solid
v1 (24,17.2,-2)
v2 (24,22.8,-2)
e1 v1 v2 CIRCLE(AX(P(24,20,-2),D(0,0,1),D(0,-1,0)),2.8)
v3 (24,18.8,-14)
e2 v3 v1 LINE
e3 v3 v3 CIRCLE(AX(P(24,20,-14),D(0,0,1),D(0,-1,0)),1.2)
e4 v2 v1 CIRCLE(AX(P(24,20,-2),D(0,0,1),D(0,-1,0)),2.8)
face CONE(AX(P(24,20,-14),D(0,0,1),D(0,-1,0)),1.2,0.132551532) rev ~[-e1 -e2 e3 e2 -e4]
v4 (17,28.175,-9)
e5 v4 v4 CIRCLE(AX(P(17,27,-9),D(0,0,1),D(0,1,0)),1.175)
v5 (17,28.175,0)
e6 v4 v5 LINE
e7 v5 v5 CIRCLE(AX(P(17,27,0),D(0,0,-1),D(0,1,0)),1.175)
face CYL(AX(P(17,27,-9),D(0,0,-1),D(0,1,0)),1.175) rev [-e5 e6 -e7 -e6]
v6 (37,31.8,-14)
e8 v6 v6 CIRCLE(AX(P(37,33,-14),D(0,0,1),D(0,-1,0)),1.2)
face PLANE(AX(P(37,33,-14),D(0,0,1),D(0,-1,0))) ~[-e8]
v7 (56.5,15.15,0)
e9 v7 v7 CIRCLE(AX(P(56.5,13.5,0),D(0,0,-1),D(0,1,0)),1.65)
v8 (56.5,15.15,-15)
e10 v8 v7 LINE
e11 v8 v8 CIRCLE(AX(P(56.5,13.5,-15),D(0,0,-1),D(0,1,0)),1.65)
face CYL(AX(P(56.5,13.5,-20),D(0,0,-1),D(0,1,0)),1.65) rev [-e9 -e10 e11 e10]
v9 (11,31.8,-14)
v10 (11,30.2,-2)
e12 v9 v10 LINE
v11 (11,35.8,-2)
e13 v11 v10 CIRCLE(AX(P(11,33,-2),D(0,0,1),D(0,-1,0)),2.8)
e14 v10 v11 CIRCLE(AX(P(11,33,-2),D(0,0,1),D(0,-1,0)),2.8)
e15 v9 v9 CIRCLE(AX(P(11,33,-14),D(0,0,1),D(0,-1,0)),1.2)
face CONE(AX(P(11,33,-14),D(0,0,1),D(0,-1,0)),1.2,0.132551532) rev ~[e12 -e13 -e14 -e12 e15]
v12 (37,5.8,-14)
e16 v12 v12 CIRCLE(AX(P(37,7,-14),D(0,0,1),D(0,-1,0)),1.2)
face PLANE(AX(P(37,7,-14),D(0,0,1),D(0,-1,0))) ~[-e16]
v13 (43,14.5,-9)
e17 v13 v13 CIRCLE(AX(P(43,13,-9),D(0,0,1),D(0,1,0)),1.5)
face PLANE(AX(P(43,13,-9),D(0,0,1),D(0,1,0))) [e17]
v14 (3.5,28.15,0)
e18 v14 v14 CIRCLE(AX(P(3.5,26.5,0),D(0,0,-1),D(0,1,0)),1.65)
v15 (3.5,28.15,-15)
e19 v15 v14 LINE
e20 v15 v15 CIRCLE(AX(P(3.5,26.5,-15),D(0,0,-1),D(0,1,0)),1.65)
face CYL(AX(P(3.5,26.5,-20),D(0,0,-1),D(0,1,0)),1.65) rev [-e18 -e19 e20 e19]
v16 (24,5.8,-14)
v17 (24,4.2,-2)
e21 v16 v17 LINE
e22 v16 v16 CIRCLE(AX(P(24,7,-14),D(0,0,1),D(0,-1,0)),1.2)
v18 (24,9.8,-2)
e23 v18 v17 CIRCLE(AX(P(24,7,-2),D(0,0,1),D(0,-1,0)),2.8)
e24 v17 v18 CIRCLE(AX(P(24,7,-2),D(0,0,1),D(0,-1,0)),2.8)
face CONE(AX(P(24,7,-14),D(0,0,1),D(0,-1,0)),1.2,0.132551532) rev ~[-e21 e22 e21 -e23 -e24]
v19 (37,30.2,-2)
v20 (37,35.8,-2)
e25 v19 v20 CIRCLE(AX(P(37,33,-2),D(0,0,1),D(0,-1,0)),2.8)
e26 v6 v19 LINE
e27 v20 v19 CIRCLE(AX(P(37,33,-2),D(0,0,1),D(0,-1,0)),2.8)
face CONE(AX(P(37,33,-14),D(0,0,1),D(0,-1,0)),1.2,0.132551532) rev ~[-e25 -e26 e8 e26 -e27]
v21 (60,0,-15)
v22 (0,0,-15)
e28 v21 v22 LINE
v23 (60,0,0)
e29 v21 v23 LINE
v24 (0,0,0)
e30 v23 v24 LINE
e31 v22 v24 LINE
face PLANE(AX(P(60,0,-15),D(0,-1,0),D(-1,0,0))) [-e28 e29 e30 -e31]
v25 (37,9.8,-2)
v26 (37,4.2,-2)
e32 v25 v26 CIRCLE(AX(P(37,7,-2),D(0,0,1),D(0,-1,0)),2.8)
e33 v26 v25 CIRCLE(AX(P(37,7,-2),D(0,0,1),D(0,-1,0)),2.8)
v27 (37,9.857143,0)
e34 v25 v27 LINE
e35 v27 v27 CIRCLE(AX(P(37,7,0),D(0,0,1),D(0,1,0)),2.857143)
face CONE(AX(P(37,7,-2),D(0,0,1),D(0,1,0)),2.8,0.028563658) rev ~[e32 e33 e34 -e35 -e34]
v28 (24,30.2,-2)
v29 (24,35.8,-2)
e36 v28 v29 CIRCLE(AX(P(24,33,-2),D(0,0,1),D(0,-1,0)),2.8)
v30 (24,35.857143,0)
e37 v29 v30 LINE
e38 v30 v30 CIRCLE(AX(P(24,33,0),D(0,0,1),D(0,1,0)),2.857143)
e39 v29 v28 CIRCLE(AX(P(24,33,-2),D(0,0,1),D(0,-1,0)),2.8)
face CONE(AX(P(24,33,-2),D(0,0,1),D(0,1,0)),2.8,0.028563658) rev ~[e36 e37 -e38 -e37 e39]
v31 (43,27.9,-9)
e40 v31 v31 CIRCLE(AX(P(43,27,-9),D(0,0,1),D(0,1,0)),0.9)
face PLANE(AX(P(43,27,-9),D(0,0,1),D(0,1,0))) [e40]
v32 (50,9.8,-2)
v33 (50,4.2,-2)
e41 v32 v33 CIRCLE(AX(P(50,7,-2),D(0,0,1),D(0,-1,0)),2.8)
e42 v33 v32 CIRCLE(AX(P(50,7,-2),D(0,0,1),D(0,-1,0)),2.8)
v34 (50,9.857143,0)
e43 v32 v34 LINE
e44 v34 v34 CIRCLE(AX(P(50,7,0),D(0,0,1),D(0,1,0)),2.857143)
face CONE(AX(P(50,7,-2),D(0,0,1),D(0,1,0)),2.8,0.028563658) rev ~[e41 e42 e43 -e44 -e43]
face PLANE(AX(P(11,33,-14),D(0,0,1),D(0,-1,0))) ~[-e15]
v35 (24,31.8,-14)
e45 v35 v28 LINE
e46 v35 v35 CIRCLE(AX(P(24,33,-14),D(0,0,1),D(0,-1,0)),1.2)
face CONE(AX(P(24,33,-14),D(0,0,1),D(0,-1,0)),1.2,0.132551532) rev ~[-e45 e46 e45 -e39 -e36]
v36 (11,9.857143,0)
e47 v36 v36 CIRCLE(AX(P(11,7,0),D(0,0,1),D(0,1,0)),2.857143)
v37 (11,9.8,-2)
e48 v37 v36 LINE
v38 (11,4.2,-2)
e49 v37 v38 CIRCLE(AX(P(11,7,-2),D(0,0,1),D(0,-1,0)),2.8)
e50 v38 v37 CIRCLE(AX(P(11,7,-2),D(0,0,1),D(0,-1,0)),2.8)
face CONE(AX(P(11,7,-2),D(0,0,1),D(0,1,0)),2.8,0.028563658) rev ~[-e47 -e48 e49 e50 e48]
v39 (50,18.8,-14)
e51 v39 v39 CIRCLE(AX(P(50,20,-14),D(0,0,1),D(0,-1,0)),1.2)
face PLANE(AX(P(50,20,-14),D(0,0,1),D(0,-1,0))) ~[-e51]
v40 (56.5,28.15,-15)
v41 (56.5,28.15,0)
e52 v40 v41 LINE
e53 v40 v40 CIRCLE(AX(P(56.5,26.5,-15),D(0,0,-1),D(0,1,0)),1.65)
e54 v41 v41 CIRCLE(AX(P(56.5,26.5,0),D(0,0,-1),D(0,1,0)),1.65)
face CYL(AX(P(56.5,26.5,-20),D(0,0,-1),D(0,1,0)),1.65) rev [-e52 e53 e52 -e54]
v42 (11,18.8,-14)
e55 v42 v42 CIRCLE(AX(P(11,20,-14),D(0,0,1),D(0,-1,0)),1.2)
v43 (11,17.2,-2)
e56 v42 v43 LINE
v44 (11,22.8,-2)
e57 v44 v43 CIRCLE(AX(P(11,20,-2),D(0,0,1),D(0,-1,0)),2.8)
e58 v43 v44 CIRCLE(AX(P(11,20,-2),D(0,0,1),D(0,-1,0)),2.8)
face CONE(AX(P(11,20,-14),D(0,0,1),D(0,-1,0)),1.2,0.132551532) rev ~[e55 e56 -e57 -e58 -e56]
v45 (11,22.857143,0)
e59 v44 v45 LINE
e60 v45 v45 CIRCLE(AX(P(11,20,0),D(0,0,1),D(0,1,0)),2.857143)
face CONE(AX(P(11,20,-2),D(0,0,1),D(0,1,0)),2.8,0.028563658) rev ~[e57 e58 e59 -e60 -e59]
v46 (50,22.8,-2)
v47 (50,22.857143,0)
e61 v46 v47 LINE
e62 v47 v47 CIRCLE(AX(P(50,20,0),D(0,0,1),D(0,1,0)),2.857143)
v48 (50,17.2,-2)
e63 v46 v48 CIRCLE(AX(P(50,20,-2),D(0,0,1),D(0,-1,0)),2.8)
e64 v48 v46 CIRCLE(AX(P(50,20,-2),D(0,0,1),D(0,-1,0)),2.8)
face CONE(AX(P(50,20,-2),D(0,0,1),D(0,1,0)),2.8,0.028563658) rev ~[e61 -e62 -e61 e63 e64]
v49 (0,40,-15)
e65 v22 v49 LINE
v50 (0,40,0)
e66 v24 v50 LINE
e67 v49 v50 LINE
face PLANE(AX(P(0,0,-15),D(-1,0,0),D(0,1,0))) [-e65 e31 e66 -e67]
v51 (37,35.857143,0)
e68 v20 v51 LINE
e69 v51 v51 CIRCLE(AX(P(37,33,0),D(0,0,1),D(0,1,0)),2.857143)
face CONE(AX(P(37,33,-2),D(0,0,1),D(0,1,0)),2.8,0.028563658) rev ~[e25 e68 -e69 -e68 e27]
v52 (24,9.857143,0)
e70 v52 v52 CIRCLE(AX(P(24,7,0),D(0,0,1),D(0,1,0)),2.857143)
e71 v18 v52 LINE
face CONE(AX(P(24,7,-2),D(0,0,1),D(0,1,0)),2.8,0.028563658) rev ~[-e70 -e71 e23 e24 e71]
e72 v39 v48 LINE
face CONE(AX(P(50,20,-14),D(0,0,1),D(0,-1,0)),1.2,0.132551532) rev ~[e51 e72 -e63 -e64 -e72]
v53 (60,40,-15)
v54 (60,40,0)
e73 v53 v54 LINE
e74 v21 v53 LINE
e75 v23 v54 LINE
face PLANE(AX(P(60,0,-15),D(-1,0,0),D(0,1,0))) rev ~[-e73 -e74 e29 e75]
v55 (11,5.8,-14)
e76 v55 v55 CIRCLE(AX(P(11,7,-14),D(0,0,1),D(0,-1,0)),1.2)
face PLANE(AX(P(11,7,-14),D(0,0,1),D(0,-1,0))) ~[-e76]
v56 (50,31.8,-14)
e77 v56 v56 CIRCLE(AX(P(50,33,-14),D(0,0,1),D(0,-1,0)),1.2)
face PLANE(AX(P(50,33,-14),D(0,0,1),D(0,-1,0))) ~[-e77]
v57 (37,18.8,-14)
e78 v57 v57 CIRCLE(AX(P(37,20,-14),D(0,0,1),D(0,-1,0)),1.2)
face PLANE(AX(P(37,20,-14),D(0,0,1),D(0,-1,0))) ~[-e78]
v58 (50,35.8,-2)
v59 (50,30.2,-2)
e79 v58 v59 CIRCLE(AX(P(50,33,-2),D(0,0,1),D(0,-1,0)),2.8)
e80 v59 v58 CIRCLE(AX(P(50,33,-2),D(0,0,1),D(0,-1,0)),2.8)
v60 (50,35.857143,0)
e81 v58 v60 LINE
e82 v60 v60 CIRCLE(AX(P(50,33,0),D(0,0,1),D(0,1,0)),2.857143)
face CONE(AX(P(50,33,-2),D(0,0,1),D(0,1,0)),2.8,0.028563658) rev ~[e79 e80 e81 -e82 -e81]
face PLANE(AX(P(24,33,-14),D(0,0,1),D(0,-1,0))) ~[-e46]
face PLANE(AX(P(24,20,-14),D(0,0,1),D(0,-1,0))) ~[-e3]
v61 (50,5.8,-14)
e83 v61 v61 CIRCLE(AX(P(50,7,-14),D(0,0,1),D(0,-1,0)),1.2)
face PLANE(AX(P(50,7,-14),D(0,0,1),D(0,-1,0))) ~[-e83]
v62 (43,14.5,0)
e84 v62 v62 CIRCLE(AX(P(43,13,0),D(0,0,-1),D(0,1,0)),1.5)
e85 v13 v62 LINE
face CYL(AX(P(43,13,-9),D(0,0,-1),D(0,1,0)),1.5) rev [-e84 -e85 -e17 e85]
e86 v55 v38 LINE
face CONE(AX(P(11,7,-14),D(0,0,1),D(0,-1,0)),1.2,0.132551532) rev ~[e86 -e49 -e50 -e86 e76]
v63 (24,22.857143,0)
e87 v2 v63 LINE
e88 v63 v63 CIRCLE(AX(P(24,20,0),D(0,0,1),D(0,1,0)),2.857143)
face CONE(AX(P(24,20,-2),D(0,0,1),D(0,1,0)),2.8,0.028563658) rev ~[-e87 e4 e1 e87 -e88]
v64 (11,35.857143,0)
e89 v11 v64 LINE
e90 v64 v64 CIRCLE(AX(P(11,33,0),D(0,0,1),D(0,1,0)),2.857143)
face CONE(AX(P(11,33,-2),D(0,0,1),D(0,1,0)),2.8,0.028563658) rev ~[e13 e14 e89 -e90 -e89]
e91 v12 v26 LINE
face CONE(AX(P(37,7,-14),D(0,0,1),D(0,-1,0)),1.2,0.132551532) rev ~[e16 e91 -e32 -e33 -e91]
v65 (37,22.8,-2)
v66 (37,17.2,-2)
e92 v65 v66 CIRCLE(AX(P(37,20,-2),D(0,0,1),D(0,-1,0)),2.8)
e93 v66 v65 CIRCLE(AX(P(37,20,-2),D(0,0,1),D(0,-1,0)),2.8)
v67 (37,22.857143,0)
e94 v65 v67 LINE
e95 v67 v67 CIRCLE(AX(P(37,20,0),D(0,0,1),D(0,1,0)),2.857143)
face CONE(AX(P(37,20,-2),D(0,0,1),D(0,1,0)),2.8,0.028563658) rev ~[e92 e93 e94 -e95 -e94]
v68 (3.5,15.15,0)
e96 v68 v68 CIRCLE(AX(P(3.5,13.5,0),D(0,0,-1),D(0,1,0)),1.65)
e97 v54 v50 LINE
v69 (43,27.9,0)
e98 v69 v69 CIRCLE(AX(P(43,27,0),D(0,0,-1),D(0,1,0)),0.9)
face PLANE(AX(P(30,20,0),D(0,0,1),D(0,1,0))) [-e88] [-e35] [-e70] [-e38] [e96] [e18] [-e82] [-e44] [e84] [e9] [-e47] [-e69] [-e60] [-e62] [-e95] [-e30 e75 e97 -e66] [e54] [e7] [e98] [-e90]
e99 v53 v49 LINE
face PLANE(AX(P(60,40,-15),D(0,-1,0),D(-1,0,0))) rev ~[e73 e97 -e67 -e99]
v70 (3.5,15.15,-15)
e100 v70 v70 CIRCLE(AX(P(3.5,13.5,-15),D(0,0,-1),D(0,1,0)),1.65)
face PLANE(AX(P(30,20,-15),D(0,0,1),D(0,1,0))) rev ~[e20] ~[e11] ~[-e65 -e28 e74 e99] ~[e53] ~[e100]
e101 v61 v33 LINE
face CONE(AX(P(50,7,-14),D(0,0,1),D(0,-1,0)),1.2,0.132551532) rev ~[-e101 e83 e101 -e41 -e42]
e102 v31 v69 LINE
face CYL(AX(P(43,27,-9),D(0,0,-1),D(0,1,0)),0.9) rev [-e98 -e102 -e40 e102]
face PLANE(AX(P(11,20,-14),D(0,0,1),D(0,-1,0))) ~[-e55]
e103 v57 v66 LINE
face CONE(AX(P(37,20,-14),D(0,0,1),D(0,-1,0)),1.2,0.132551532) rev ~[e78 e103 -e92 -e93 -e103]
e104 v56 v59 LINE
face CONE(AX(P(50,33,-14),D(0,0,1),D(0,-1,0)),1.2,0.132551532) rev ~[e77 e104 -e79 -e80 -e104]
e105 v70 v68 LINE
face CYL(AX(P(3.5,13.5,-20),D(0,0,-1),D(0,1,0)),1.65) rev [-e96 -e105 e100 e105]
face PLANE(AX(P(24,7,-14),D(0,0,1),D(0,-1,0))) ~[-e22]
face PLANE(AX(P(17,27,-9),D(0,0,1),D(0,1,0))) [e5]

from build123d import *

# Parameters (mm, degrees)
CYLINDER003_R         = 0.9
CYLINDER003_DEPTH     = 10
CYLINDER004_R         = 1.175
CYLINDER004_DEPTH     = 10
CYLINDER005_R         = 1.5
CYLINDER005_DEPTH     = 10
CYLINDER001_R         = 1.65
CYLINDER001_DEPTH     = 30
ARRAY002_X_COUNT      = 2
ARRAY002_X_PITCH      = 13
ARRAY002_Y_COUNT      = 2
ARRAY002_Y_PITCH      = 53
ARRAY_X_COUNT         = 3
ARRAY_X_PITCH         = 13
ARRAY_Y_COUNT         = 4
ARRAY_Y_PITCH         = 13
BOX_W                 = 40
BOX_H                 = 60
BOX_DEPTH             = 15
CLONE_PLACEMENT_ANGLE = 90


with BuildPart() as cylinder003:
    # Cylinder003 → Cylinder003 (new body)
    with BuildSketch(Plane(origin=(27, 17, -9), x_dir=(1, 0, 0), z_dir=(0, 0, 1))):
        Circle(CYLINDER003_R)
    extrude(amount=CYLINDER003_DEPTH)


with BuildPart() as cylinder004:
    # Cylinder004 → Cylinder004 (new body)
    with BuildSketch(Plane(origin=(27, 43, -9), x_dir=(1, 0, 0), z_dir=(0, 0, 1))):
        Circle(CYLINDER004_R)
    extrude(amount=CYLINDER004_DEPTH)


with BuildPart() as cylinder005:
    # Cylinder005 → Cylinder005 (new body)
    with BuildSketch(Plane(origin=(13, 17, -9), x_dir=(1, 0, 0), z_dir=(0, 0, 1))):
        Circle(CYLINDER005_R)
    extrude(amount=CYLINDER005_DEPTH)


with BuildPart() as hole_union:
    # Cylinder001 → Cylinder001 (new body)
    with BuildSketch(Plane.XY.offset(-20)):
        Circle(CYLINDER001_R)
    extrude(amount=CYLINDER001_DEPTH)

    # Array002 X: hole union ×2


with BuildPart() as hole_union_1:
    add(hole_union.part)
    with Locations(*[(i * ARRAY002_X_PITCH, 0, 0) for i in range(1, ARRAY002_X_COUNT)]):
        add(hole_union.part)

    # Array002 Y: hole union ×2


with BuildPart() as hole_union_2:
    add(hole_union_1.part)
    with Locations(*[(0, i * ARRAY002_Y_PITCH, 0) for i in range(1, ARRAY002_Y_COUNT)]):
        add(hole_union_1.part)


with BuildPart() as hole_union_3:
    # Array002 placement: moved
    add(hole_union_2.part.moved(Location((13.5, 3.5, 0))))

    # Fusion001: union Cylinder003, Cylinder004, Cylinder005
    add(cylinder003.part)
    add(cylinder004.part)
    add(cylinder005.part)


with BuildPart() as top_cone:
    # Cone → Cone (revolve)
    with BuildSketch(Plane(origin=(0, 0, -7), x_dir=(1, 0, 0), z_dir=(0, -1, 0))):
        Polygon((0, 0), (2.8, 0), (3, 7), (0, 7), align=None)
    revolve(axis=Axis((0, 0, -7), (0, 0, 1)))


with BuildPart() as cone_array:
    # Cone001 → Cone001 (revolve)
    with BuildSketch(Plane(origin=(0, 0, -19), x_dir=(-1, 0, 0), z_dir=(0, 1, 0))):
        Polygon((0, 0), (1.2, 0), (2.8, 12), (0, 12), align=None)
    revolve(axis=Axis((0, 0, -19), (0, 0, 1)))

    # Fusion: union top cone
    add(top_cone.part)


with BuildPart() as cone_array_1:
    # Fusion placement: moved
    add(cone_array.part.moved(Location((0, 0, 5))))

    # Array X: cone array ×3


with BuildPart() as cone_array_2:
    add(cone_array_1.part)
    with Locations(*[(i * ARRAY_X_PITCH, 0, 0) for i in range(1, ARRAY_X_COUNT)]):
        add(cone_array_1.part)

    # Array Y: cone array ×4


with BuildPart() as cone_array_3:
    add(cone_array_2.part)
    with Locations(*[(0, i * ARRAY_Y_PITCH, 0) for i in range(1, ARRAY_Y_COUNT)]):
        add(cone_array_2.part)


with BuildPart() as cone_array_4:
    # Array placement: moved
    add(cone_array_3.part.moved(Location((7, 10, 0))))


with BuildPart() as model_all_cut:
    # Box → Box (new body)
    with BuildSketch(Plane.XY.offset(-15)):
        with Locations((20, 30)):
            Rectangle(BOX_W, BOX_H)
    extrude(amount=BOX_DEPTH)

    # Cut: cut cone array
    add(cone_array_4.part, mode=Mode.SUBTRACT)

    # Cut001: cut hole union
    add(hole_union_3.part, mode=Mode.SUBTRACT)


with BuildPart() as model_all_cut_1:
    # Clone placement: moved
    add(model_all_cut.part.moved(Location((60, 0, 0))).rotate(Axis((60, 0, 0), (0, 0, 1)), CLONE_PLACEMENT_ANGLE))


solid = model_all_cut_1.part
